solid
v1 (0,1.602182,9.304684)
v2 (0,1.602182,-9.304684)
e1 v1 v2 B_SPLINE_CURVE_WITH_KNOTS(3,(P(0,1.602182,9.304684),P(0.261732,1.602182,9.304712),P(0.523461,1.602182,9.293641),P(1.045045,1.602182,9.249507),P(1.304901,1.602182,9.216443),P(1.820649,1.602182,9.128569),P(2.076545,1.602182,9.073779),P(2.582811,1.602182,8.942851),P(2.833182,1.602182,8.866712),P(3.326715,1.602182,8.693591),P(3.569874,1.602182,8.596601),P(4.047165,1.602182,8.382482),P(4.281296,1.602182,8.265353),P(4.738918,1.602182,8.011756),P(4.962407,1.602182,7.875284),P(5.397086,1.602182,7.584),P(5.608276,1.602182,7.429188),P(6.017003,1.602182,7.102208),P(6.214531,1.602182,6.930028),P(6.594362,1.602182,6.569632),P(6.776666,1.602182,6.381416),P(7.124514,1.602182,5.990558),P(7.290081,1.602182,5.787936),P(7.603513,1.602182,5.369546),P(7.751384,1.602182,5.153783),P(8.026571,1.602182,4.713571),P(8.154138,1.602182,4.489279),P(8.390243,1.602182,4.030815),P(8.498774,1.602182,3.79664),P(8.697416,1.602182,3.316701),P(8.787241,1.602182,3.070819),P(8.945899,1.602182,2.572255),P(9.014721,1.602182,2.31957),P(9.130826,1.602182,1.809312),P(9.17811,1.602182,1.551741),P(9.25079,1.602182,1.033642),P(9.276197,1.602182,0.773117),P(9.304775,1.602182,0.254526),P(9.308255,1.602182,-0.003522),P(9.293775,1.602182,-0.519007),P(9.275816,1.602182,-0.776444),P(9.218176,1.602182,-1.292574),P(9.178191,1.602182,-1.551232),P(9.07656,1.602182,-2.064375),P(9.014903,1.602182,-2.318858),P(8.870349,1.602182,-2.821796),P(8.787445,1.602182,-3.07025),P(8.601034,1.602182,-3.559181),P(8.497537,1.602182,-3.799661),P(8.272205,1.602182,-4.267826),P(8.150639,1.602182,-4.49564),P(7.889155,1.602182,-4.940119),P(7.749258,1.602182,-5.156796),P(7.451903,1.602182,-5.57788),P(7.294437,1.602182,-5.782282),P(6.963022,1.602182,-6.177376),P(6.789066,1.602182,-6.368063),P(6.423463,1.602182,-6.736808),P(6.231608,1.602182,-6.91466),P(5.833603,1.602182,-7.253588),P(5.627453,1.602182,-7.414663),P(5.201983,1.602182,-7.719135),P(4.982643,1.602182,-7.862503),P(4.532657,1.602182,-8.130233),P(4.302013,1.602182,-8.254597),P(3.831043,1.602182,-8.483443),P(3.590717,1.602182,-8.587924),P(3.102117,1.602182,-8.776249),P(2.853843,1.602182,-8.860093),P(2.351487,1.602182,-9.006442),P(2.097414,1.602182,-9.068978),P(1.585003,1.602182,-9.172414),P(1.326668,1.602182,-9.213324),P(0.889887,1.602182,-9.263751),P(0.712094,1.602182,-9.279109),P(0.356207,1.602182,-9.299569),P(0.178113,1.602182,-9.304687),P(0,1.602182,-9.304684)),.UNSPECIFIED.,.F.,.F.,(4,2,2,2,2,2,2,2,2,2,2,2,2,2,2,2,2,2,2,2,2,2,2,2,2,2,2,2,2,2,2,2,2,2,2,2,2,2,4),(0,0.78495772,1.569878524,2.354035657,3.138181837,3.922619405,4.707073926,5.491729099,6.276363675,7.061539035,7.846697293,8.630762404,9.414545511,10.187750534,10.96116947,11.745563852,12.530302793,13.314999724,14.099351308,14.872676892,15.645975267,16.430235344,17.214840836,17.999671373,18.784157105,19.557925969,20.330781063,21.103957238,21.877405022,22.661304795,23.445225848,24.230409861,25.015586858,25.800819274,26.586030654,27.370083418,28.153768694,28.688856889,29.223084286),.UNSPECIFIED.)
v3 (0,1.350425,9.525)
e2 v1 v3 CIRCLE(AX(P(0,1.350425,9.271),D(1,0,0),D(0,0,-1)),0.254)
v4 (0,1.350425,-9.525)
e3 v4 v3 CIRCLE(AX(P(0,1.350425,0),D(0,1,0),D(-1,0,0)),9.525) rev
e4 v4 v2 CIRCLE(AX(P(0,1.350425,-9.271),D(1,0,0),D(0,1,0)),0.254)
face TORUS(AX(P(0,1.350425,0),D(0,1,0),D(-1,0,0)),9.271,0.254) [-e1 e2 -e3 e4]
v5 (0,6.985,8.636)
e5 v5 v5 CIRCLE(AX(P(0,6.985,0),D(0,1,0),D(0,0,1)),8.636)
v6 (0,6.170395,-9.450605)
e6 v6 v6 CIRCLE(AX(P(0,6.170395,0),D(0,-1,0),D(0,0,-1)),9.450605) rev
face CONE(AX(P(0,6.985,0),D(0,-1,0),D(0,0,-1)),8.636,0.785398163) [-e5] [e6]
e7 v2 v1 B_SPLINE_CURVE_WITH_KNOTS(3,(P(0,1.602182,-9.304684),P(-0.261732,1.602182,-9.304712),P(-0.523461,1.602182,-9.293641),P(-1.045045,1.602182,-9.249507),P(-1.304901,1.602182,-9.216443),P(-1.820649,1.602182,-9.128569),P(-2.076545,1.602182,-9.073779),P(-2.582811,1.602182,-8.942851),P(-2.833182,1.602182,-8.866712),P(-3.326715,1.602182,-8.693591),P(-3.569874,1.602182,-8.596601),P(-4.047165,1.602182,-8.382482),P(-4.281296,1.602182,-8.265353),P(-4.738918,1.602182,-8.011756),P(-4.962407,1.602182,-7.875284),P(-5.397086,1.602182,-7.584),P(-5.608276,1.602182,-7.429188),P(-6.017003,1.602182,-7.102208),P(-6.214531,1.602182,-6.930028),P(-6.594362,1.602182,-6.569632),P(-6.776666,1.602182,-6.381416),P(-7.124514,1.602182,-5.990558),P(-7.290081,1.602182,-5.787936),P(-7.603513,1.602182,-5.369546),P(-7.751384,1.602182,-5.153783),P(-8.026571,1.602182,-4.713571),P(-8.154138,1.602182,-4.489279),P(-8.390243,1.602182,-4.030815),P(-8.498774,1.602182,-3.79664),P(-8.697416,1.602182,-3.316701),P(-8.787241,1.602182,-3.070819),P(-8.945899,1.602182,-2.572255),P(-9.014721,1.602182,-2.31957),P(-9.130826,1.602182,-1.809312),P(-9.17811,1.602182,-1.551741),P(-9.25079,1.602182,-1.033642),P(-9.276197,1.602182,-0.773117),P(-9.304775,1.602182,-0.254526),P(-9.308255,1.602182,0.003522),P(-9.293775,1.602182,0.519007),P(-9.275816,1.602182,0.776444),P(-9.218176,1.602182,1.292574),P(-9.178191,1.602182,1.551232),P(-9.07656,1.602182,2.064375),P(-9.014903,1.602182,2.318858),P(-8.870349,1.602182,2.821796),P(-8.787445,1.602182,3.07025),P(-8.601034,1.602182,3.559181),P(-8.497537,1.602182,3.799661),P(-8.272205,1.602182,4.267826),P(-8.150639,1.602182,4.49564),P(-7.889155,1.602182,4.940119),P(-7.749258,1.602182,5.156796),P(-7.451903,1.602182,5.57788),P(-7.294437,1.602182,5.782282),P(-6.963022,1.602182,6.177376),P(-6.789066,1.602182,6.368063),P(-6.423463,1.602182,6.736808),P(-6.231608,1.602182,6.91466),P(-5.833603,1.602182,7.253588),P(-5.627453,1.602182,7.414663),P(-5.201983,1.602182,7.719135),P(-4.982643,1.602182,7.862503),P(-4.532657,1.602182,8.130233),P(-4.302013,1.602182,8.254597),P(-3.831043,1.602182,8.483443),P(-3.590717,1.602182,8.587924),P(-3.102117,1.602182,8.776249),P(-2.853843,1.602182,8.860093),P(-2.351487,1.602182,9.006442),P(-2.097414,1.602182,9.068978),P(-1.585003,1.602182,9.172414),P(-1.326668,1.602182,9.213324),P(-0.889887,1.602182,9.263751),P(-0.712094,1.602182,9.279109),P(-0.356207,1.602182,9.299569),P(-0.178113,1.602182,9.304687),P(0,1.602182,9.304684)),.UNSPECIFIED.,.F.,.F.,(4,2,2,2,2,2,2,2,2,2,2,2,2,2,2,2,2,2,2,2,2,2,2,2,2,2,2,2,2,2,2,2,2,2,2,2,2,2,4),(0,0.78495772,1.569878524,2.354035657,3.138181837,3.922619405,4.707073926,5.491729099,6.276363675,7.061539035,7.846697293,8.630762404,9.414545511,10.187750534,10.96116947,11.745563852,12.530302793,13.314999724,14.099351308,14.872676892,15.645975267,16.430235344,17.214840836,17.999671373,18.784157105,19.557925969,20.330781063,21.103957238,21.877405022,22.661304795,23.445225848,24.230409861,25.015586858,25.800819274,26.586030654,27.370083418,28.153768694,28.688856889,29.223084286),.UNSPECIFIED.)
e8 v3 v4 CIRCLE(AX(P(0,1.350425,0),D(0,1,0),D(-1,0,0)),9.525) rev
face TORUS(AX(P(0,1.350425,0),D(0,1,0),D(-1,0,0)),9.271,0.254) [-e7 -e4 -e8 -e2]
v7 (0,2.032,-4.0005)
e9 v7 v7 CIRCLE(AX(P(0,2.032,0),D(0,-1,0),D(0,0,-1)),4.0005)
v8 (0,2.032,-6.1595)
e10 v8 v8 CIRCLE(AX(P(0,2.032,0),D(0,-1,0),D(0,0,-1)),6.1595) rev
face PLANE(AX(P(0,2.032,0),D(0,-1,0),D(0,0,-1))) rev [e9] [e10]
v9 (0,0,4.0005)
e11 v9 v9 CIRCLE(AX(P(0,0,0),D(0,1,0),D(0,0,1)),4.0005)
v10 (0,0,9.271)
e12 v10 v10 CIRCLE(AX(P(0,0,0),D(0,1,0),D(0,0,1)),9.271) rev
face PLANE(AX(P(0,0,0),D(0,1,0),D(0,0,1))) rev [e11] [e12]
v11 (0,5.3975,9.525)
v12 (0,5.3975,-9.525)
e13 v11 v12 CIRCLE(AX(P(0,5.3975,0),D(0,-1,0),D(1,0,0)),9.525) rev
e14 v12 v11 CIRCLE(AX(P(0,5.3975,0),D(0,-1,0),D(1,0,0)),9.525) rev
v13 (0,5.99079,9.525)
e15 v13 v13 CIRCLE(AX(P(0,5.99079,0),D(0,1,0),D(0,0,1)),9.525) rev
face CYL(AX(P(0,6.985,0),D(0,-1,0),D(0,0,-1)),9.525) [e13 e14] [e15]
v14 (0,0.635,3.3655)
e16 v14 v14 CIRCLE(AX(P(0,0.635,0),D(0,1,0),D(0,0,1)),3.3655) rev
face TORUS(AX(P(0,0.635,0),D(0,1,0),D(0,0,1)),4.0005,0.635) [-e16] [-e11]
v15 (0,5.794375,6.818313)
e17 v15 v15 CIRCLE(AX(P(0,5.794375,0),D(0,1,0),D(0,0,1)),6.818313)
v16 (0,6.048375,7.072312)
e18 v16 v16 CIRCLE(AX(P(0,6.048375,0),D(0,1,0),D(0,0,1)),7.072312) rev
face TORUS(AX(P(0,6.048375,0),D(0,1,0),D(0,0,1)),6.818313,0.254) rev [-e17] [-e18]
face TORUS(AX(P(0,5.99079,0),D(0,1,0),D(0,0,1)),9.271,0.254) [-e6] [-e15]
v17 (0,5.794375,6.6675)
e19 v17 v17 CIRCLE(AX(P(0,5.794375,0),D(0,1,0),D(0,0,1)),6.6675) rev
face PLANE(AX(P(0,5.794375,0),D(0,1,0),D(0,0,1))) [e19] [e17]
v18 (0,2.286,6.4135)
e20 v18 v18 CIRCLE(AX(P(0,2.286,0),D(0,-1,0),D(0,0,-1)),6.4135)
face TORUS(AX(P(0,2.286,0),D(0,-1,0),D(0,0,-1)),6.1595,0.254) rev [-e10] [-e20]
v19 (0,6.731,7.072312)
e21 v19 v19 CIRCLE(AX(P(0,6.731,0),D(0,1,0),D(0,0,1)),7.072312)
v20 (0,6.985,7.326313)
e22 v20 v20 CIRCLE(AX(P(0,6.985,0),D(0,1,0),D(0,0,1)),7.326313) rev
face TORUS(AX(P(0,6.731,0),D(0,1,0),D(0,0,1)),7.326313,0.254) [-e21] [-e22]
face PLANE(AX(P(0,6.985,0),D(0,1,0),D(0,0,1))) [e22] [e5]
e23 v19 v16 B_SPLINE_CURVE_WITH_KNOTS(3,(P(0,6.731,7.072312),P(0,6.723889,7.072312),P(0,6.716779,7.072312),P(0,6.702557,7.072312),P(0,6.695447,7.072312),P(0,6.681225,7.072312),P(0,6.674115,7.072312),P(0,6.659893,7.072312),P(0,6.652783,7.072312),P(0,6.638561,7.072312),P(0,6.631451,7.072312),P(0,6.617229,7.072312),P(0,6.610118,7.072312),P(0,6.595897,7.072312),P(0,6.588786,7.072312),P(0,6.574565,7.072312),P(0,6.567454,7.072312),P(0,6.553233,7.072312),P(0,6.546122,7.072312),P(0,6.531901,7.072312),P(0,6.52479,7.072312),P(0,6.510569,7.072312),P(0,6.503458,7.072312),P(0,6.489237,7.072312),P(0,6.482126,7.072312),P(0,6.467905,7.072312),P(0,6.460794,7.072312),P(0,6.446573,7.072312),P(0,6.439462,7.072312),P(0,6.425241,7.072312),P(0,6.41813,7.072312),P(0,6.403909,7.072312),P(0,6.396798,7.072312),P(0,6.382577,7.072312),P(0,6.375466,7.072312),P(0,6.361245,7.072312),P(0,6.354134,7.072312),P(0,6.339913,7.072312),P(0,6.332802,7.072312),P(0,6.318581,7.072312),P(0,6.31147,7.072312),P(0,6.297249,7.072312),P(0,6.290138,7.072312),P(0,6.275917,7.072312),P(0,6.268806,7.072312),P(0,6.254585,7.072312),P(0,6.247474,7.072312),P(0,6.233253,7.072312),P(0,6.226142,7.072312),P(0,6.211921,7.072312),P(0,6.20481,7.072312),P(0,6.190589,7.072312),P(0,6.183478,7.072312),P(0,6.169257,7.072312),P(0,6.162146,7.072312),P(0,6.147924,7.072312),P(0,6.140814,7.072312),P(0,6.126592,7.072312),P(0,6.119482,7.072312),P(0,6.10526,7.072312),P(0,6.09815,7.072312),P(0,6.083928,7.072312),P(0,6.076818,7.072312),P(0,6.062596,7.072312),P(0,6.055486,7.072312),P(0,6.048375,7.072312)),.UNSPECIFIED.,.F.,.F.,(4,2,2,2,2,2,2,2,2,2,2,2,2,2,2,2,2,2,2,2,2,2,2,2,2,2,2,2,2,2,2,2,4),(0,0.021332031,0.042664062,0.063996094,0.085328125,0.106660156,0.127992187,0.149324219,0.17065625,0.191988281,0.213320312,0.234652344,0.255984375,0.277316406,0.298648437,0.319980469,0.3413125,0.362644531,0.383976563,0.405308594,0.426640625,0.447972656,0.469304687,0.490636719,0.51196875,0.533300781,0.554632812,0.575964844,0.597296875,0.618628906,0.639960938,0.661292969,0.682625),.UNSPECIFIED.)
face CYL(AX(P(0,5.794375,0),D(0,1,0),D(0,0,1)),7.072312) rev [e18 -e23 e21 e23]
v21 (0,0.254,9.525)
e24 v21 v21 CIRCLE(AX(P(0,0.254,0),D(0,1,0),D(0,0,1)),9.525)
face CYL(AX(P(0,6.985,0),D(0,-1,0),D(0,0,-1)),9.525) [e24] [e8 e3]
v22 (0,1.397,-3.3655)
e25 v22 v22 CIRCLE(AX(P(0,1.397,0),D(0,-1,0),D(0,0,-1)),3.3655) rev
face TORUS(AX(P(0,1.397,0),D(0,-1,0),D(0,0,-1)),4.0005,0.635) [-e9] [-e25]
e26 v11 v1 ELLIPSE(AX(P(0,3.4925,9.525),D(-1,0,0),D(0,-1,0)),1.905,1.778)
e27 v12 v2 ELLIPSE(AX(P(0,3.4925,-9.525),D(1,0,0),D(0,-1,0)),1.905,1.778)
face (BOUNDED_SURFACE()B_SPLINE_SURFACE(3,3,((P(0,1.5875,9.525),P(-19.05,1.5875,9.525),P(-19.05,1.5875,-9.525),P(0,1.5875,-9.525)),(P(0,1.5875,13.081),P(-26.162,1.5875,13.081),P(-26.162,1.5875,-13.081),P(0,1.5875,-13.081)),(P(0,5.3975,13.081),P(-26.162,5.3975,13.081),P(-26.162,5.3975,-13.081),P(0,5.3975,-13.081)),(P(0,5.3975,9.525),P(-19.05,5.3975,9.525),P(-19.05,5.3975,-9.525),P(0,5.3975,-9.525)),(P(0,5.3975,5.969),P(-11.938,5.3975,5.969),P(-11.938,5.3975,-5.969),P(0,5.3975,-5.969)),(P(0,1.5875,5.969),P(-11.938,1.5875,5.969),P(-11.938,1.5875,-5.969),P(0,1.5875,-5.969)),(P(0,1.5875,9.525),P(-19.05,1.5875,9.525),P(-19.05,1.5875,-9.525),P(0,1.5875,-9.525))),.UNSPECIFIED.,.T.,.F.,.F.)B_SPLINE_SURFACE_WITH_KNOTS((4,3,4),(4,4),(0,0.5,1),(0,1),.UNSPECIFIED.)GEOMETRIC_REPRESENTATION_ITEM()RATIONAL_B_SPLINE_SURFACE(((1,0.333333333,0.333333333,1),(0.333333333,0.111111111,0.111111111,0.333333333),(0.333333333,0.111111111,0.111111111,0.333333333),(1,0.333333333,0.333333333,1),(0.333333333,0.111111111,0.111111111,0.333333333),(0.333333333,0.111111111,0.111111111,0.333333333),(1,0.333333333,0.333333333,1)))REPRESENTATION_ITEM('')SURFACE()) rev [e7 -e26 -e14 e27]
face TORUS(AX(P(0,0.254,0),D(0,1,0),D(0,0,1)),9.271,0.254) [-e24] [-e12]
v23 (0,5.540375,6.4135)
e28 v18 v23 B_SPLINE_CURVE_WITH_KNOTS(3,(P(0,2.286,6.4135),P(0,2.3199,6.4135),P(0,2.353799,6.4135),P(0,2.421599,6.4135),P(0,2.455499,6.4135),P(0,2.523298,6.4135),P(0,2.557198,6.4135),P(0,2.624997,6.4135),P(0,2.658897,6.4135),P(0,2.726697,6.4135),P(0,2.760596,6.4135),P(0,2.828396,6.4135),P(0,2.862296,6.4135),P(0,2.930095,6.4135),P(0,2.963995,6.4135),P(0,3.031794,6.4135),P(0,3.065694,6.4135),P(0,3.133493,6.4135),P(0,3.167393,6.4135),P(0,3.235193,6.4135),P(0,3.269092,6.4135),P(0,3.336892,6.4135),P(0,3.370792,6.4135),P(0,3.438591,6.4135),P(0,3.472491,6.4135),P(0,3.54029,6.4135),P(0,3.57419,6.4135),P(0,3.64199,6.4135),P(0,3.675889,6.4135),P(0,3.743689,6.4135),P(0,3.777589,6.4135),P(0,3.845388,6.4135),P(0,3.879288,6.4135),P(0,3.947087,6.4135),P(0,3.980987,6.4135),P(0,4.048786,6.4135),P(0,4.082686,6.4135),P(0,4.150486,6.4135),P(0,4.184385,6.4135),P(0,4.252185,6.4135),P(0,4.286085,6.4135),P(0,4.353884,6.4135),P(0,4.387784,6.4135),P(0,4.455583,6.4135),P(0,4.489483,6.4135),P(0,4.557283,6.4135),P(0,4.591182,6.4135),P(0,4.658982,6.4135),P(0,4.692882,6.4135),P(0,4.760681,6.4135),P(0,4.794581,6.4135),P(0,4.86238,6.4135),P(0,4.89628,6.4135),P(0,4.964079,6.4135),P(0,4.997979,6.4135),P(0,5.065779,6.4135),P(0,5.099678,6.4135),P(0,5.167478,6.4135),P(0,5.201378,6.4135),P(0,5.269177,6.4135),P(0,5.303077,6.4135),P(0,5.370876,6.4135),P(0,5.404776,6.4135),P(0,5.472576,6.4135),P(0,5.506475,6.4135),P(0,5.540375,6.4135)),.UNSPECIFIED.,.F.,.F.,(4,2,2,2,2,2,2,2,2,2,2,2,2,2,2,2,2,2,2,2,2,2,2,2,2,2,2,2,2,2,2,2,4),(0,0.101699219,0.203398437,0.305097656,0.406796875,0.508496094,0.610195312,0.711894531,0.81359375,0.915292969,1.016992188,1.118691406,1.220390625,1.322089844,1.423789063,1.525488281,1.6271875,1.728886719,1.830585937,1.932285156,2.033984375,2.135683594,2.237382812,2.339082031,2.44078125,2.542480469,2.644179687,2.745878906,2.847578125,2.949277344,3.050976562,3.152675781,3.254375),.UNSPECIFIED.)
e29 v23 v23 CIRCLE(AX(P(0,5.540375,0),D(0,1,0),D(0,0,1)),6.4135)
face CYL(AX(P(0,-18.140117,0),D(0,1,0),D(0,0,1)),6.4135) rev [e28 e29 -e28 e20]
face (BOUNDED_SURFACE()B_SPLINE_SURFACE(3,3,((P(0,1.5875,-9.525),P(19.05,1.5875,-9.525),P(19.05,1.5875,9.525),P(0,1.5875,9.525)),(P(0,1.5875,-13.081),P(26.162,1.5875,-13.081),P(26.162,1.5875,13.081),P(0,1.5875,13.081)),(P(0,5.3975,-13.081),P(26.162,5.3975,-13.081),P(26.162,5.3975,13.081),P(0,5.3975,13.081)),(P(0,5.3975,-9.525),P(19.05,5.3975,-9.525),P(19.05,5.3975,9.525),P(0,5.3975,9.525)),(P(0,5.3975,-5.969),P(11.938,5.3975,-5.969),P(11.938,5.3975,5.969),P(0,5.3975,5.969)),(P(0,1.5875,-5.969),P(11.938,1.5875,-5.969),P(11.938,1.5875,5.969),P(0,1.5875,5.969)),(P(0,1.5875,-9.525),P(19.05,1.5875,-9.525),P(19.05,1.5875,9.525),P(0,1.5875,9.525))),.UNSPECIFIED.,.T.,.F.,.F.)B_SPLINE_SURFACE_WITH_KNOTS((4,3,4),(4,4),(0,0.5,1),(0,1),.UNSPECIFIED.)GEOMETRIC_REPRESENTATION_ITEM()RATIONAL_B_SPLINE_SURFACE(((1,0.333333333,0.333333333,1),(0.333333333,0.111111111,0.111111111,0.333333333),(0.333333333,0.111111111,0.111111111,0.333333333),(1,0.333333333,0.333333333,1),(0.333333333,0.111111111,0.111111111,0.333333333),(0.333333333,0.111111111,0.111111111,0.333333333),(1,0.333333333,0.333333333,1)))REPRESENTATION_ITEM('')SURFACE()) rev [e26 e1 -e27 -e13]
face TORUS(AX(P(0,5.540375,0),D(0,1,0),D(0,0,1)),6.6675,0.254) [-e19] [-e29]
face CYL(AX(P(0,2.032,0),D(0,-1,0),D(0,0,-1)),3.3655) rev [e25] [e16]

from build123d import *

# Parameters (mm, degrees)
SKETCH2_R           = 9.525
BOSS_EXTRUDE1_DEPTH = 6.985
SKETCH3_R           = 6.4135
CUT_EXTRUDE1_DEPTH  = 6.985
SKETCH4_R           = 7.0723125
CUT_EXTRUDE2_DEPTH  = 1.190625
SKETCH6_R           = 6.4135
SKETCH6_R_2         = 3.3655
BOSS_EXTRUDE2_DEPTH = 2.032
SKETCH7_RX          = 1.905
SKETCH7_RY          = 1.778
FILLET1_R           = 0.254
CHAMFER1_SIZE       = 0.889
FILLET3_R           = 0.254
FILLET4_R           = 0.635
FILLET5_R           = 0.254


with BuildPart() as part:
    # Sketch2 → Boss-Extrude1 (new body)
    with BuildSketch(Plane(origin=(0, 0, 0), x_dir=(1, 0, 0), z_dir=(0, 1, 0))):
        with Locations(Location((0, 0, 0), (0, 0, 270))):
            Circle(SKETCH2_R)
    extrude(amount=BOSS_EXTRUDE1_DEPTH)

    # Sketch3 → Cut-Extrude1 (cut)
    with BuildSketch(Plane(origin=(0, 6.985, 0), x_dir=(1, 0, 0), z_dir=(0, 1, 0))):
        with Locations(Location((0, 0, 0), (0, 0, 270))):
            Circle(SKETCH3_R)
    extrude(amount=-CUT_EXTRUDE1_DEPTH, mode=Mode.SUBTRACT)

    # Sketch4 → Cut-Extrude2 (cut)
    with BuildSketch(Plane(origin=(0, 6.985, 0), x_dir=(1, 0, 0), z_dir=(0, 1, 0))):
        with Locations(Location((0, 0, 0), (0, 0, 270))):
            Circle(SKETCH4_R)
    extrude(amount=-CUT_EXTRUDE2_DEPTH, mode=Mode.SUBTRACT)

    # Sketch6 → Boss-Extrude2 (add)
    with BuildSketch(Plane.XZ):
        with Locations(Location((0, 0, 0), (0, 0, 90))):
            Circle(SKETCH6_R)
        with Locations(Location((0, 0, 0), (0, 0, 270))):
            Circle(SKETCH6_R_2, mode=Mode.SUBTRACT)
    extrude(amount=-BOSS_EXTRUDE2_DEPTH)

    # Cut-Sweep2: sweep along a curve in space
    with BuildLine() as cut_sweep2_path:
        ThreePointArc((0, 0, 9.525), (6.735192091, 0, 6.735192091), (9.525, 0, 0))
        ThreePointArc((9.525, 0, 0), (6.735192091, 0, -6.735192091), (0, 0, -9.525))
        ThreePointArc((0, 0, -9.525), (-6.735192091, 0, -6.735192091), (-9.525, 0, 0))
        ThreePointArc((-9.525, 0, 0), (-6.735192091, 0, 6.735192091), (0, 0, 9.525))
    # Sketch7 → Cut-Sweep2 (sweep, cut)
    with BuildSketch(Plane(origin=(0, 0, 0), x_dir=(0, 0, -1), z_dir=(1, 0, 0))):
        with Locations(Location((9.525, 3.4925), (0, 0, 90))):
            Ellipse(SKETCH7_RX, SKETCH7_RY)
    sweep(path=cut_sweep2_path.line, mode=Mode.SUBTRACT)

    # Fillet1
    fillet1_edges = [part.edges().sort_by_distance(p)[0] for p in [
        (0, 6.985, -7.0723125),
        (0, 5.794375, -7.0723125),
        (0, 5.794375, -6.4135),
    ]]
    fillet(fillet1_edges, radius=FILLET1_R)

    # Chamfer1
    chamfer1_edges = [part.edges().sort_by_distance(p)[0] for p in [
        (0, 6.985, -9.525),
    ]]
    chamfer(chamfer1_edges, length=CHAMFER1_SIZE)

    # Fillet3
    fillet3_edges = [part.edges().sort_by_distance(p)[0] for p in [
        (0, 0, -9.525),
        (6.735192091, 1.5875, -6.735192091),
        (-6.735192091, 1.5875, -6.735192091),
        (0, 6.096, -9.525),
    ]]
    fillet(fillet3_edges, radius=FILLET3_R)

    # Fillet4
    fillet4_edges = [part.edges().sort_by_distance(p)[0] for p in [
        (0, 2.032, 3.3655),
        (0, 0, 3.3655),
    ]]
    fillet(fillet4_edges, radius=FILLET4_R)

    # Fillet5
    fillet5_edges = [part.edges().sort_by_distance(p)[0] for p in [
        (0, 2.032, -6.4135),
    ]]
    fillet(fillet5_edges, radius=FILLET5_R)


solid = part.part
